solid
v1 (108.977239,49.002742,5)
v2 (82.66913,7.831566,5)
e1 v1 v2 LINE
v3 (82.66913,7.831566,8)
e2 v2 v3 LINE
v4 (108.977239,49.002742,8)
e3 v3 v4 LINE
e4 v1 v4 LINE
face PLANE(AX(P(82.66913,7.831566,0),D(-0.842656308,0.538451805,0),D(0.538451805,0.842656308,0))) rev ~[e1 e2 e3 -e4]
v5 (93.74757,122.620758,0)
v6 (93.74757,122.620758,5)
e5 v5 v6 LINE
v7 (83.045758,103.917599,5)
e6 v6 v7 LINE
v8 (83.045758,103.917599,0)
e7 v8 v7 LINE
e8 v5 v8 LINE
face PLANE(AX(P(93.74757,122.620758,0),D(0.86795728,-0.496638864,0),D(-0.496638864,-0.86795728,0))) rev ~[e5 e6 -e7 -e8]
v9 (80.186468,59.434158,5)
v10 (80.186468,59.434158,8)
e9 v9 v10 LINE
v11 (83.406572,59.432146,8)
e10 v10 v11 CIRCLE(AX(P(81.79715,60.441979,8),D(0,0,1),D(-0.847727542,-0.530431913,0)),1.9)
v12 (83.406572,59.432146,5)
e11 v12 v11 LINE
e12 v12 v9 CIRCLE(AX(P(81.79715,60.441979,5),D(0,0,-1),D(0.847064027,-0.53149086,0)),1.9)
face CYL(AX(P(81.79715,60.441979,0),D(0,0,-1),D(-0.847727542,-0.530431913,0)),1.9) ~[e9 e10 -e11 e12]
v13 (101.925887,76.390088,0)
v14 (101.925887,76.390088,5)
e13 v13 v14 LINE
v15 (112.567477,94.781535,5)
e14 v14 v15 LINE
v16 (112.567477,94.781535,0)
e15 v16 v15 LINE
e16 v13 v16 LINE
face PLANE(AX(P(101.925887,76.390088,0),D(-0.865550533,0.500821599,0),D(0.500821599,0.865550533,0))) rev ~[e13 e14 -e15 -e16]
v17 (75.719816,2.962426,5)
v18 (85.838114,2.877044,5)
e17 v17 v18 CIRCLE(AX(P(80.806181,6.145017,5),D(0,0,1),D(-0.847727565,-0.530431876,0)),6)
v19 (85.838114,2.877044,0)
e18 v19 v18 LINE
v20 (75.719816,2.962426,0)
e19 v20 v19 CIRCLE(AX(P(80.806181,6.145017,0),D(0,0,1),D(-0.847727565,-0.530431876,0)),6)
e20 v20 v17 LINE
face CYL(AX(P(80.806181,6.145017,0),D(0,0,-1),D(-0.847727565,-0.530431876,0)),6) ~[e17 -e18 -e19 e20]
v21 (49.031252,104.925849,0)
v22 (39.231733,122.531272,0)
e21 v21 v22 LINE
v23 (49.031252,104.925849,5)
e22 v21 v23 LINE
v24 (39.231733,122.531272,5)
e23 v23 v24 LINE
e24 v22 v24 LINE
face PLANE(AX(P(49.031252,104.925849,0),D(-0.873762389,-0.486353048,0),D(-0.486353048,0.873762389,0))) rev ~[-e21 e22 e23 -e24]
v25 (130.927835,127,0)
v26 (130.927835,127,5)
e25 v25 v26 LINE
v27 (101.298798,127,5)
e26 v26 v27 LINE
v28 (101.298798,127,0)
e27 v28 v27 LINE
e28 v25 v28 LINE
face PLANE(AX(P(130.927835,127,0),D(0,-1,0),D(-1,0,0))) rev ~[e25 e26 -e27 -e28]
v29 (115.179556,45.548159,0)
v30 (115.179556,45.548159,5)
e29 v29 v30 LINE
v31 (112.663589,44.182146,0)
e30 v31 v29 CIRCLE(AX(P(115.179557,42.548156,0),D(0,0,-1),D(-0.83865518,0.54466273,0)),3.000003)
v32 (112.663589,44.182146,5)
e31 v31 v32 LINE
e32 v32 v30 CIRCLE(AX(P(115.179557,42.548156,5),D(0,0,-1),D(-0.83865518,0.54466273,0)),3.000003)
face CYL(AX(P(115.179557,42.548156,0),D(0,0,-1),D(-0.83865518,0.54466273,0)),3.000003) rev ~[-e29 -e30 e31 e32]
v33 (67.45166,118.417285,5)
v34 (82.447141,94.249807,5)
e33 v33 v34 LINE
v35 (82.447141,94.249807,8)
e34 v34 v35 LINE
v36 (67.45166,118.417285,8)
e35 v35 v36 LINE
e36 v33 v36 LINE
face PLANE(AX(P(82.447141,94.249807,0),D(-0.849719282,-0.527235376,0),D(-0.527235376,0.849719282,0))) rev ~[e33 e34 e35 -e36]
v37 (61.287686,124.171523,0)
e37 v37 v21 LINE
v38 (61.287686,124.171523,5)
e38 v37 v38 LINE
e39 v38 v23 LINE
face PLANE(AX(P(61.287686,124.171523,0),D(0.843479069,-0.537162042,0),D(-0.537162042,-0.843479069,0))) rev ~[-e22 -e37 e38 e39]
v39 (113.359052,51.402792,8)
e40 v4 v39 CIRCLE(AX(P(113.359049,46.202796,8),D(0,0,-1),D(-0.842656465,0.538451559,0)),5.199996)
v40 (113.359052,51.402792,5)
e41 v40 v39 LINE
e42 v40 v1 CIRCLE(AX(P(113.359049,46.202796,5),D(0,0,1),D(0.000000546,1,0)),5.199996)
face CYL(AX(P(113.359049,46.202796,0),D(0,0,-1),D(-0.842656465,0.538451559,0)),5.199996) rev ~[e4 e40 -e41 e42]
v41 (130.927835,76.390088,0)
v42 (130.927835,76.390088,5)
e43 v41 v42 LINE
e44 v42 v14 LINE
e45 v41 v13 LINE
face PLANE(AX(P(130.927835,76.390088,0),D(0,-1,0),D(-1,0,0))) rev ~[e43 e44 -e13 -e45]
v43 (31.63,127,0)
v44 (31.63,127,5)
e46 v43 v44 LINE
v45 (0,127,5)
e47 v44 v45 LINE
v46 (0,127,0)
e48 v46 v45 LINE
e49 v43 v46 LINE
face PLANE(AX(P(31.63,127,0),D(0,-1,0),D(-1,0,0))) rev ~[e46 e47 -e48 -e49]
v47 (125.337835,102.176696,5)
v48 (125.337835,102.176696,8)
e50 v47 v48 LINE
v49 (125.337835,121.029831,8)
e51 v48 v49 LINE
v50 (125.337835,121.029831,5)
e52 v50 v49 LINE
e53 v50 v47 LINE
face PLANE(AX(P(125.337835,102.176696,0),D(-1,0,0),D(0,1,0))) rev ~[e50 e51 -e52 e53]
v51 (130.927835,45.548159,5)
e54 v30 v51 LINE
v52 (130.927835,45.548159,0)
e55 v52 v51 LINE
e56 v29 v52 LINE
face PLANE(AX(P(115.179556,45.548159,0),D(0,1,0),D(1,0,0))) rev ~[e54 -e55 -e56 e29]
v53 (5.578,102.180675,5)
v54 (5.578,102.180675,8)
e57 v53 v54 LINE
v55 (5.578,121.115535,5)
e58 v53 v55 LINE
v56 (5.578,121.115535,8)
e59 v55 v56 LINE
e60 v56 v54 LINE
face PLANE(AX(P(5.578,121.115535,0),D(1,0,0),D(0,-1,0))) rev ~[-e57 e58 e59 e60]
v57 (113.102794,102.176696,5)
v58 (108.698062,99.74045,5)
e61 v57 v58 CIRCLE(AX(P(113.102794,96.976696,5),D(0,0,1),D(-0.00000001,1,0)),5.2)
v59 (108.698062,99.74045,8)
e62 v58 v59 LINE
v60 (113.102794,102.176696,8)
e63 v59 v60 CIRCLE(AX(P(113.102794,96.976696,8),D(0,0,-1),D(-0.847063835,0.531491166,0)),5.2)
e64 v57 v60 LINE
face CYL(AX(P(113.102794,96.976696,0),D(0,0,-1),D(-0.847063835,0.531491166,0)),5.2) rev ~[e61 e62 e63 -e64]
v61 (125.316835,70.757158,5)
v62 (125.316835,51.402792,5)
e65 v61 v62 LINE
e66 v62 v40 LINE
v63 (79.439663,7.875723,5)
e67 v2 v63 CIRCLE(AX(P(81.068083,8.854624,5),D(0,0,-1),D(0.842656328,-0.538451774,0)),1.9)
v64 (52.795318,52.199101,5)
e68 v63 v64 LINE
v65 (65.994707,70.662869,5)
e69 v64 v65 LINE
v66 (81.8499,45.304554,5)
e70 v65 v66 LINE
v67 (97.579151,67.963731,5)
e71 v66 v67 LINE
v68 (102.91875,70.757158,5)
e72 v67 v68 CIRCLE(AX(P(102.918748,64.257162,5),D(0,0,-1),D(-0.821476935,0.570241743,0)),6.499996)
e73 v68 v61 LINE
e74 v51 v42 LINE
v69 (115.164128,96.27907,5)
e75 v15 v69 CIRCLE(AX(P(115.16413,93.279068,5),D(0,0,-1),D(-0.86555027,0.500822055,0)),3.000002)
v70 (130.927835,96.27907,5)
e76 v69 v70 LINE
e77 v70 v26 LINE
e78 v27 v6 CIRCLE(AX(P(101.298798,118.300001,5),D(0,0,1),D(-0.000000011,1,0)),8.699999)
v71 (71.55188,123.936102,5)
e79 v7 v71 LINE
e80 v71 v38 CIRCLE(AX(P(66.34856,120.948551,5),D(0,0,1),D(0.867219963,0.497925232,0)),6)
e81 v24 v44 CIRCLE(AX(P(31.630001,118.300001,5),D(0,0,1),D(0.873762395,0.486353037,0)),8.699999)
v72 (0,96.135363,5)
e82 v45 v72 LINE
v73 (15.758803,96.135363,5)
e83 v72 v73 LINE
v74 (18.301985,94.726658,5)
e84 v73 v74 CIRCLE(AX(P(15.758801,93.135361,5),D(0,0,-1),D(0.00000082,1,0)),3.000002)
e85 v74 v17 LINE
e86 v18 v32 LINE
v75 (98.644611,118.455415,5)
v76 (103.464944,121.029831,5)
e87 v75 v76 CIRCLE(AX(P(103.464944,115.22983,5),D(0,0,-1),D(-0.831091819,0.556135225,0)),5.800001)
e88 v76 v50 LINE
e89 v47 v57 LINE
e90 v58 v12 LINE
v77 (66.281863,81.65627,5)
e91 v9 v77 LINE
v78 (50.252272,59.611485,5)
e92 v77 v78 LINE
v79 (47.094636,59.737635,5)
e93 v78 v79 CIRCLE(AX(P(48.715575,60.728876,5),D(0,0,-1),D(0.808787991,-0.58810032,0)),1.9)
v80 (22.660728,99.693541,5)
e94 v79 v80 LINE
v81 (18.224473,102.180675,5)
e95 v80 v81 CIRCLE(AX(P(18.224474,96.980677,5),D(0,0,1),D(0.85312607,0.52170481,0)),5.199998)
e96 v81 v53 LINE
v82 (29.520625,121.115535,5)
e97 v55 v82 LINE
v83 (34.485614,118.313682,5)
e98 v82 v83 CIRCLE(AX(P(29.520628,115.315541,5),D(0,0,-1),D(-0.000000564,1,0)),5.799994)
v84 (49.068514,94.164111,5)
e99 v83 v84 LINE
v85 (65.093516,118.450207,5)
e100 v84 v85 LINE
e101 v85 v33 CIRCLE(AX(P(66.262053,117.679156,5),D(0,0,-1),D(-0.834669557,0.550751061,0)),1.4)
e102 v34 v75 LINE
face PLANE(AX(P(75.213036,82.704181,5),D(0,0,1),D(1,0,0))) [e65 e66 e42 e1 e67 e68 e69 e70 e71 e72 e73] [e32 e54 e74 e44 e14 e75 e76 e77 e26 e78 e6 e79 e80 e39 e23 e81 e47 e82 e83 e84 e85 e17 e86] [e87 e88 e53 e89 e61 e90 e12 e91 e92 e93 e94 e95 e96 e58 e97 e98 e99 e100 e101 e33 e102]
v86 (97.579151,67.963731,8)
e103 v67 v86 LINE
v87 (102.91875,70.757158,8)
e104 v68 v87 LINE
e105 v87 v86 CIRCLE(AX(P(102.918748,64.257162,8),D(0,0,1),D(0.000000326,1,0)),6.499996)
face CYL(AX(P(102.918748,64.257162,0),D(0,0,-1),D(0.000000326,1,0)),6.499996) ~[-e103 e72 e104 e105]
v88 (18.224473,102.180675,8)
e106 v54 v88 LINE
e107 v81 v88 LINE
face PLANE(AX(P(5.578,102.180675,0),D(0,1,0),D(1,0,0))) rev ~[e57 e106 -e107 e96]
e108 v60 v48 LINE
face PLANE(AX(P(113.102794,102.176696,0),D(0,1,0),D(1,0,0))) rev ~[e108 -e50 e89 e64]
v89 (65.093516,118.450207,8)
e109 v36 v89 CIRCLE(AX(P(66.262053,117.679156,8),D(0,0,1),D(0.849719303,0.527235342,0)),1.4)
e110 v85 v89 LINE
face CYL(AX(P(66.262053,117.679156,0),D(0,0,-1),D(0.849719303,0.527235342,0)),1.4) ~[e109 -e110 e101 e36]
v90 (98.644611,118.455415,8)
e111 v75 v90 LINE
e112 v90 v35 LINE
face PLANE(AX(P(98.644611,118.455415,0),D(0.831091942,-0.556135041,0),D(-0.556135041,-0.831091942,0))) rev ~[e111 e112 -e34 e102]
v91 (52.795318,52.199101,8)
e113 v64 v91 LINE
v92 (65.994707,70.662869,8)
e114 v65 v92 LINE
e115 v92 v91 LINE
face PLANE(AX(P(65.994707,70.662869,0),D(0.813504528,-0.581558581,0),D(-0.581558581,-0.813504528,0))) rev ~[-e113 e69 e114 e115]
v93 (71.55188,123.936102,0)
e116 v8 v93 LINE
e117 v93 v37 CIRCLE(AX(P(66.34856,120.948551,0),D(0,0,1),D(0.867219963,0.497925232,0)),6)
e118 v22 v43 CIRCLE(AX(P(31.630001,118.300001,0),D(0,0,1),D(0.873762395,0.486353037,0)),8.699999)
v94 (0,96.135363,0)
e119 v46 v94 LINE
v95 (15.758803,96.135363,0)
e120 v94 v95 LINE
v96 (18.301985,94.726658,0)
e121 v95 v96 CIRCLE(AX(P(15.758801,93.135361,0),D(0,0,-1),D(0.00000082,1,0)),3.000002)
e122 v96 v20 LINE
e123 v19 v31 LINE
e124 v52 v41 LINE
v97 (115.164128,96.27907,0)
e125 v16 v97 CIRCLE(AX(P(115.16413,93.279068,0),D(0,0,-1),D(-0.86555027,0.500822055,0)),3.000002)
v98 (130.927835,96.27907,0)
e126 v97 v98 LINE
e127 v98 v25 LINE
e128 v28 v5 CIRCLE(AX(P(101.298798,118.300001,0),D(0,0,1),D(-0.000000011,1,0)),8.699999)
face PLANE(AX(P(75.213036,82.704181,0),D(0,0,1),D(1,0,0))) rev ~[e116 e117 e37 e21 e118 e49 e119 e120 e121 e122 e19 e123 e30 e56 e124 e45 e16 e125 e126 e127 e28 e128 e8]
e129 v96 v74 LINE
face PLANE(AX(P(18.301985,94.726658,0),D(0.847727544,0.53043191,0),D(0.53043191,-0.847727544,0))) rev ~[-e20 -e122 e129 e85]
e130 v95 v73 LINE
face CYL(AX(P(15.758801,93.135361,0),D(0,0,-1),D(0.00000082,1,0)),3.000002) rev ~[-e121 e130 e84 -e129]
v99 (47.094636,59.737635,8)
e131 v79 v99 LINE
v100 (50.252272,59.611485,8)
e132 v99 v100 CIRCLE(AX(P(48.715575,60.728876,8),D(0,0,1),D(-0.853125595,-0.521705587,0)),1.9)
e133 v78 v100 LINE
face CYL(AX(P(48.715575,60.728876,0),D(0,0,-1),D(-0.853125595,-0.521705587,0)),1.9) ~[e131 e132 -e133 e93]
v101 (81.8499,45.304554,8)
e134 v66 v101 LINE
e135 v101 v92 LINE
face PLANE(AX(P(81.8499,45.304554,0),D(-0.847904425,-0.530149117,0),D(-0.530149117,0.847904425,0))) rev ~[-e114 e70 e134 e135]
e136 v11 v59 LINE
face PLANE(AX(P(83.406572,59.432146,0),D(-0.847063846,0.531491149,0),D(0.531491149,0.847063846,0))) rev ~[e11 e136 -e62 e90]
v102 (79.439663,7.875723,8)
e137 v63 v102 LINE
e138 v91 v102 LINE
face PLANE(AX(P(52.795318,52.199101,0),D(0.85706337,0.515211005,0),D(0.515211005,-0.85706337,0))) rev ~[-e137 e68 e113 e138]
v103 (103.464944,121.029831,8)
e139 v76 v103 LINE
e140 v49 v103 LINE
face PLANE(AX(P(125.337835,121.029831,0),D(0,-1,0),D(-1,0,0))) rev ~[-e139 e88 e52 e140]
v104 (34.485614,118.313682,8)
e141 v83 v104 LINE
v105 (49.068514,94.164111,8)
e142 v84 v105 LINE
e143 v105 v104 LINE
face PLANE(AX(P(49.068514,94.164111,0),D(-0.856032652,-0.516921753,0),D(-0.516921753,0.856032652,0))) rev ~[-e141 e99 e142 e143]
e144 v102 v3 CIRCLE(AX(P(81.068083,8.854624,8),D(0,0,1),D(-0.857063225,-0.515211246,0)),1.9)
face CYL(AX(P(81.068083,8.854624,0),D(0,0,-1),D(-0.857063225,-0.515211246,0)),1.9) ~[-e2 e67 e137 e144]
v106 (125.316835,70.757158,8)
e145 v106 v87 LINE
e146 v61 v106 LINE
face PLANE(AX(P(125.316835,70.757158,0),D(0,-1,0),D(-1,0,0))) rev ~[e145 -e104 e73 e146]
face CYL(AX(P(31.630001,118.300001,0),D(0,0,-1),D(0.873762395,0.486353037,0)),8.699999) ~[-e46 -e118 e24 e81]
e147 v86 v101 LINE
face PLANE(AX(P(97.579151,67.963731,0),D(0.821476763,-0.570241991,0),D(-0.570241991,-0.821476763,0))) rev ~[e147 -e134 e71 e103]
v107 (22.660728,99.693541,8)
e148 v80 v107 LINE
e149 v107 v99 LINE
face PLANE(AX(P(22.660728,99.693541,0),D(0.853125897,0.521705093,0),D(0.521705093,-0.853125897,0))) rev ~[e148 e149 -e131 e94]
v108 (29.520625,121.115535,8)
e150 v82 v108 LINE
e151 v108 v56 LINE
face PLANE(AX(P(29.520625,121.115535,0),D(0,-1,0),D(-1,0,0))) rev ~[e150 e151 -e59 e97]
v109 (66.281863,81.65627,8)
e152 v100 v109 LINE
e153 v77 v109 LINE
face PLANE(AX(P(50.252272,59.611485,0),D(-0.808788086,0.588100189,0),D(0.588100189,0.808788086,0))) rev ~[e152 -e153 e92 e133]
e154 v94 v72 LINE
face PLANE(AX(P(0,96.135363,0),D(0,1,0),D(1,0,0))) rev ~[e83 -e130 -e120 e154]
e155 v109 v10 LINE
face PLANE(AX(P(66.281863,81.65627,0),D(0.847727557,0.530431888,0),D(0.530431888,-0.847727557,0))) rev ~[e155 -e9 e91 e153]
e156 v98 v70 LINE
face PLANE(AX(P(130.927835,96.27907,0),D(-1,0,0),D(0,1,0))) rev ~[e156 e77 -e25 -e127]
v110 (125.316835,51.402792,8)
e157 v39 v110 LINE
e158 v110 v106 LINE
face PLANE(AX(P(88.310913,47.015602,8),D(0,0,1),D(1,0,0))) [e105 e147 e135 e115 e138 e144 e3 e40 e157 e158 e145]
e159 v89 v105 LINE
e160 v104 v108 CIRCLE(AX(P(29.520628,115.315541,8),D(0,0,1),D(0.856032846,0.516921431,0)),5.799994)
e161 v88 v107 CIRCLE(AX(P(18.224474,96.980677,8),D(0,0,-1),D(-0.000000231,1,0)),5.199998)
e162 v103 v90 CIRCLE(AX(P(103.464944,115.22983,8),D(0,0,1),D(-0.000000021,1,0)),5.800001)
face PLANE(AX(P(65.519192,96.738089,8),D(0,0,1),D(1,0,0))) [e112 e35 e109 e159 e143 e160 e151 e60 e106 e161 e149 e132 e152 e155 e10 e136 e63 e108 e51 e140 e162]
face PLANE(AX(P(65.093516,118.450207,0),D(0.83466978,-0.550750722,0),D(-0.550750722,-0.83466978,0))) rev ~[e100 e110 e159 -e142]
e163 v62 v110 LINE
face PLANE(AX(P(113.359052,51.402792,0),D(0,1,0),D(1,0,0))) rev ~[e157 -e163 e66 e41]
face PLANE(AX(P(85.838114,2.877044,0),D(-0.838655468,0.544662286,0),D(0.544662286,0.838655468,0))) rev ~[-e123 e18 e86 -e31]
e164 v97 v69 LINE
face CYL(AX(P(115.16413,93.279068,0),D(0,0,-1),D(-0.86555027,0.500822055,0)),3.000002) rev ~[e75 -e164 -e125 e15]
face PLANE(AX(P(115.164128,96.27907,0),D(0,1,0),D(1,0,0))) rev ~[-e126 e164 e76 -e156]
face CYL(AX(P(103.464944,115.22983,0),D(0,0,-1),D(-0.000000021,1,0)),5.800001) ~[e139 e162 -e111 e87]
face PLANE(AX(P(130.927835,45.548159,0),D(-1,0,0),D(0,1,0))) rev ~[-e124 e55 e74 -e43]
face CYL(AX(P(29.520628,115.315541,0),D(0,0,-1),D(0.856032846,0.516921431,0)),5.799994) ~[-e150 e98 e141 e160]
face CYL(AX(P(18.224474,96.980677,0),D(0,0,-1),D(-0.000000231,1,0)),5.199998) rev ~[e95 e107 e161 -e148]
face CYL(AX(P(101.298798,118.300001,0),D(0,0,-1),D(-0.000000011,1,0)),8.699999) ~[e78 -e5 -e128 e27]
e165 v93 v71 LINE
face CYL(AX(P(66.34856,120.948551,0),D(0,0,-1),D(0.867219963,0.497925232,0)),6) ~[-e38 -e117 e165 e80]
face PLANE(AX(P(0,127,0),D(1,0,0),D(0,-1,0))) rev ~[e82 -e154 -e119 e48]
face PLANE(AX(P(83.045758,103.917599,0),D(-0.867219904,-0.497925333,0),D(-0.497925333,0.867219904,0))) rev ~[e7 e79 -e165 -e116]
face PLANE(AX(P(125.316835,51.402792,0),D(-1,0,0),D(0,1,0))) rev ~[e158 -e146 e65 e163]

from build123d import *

# Parameters (mm, degrees)
F1_DEPTH = 5
F2_DEPTH = 8


with BuildPart() as f1:
    # F0 (on Top) → F1 (new body)
    with BuildSketch(Plane.XY):
        with BuildLine():
            Line((130.927835, 96.27907), (130.927835, 127))
            Line((130.927835, 127), (101.298798, 127))
            ThreePointArc((101.298798, 127), (96.934202, 125.825975), (93.74757, 122.620758))
            Line((93.74757, 122.620758), (83.045758, 103.917599))
            Line((83.045758, 103.917599), (71.55188, 123.936102))
            ThreePointArc((71.55188, 123.936102), (66.486141, 126.946973), (61.287686, 124.171523))
            Line((61.287686, 124.171523), (49.031252, 104.925849))
            Line((49.031252, 104.925849), (39.231733, 122.531272))
            ThreePointArc((39.231733, 122.531272), (36.038965, 125.800069), (31.63, 127))
            Line((31.63, 127), (0, 127))
            Line((0, 127), (0, 96.135363))
            Line((0, 96.135363), (15.758803, 96.135363))
            ThreePointArc((15.758803, 96.135363), (17.212438, 95.759661), (18.301985, 94.726658))
            Line((18.301985, 94.726658), (75.719816, 2.962426))
            ThreePointArc((75.719816, 2.962426), (80.755553, 0.145231), (85.838114, 2.877044))
            Line((85.838114, 2.877044), (112.663589, 44.182146))
            ThreePointArc((112.663589, 44.182146), (113.748116, 45.18463), (115.179556, 45.548159))
            Line((115.179556, 45.548159), (130.927835, 45.548159))
            Line((130.927835, 45.548159), (130.927835, 76.390088))
            Line((130.927835, 76.390088), (101.925887, 76.390088))
            Line((101.925887, 76.390088), (112.567477, 94.781535))
            ThreePointArc((112.567477, 94.781535), (113.665361, 95.877857), (115.164128, 96.27907))
            Line((115.164128, 96.27907), (130.927835, 96.27907))
        make_face()
        with BuildLine():
            Line((125.316835, 70.757158), (125.316835, 51.402792))
            Line((125.316835, 51.402792), (113.359052, 51.402792))
            ThreePointArc((113.359052, 51.402792), (110.861026, 50.76348), (108.977239, 49.002742))
            Line((108.977239, 49.002742), (82.66913, 7.831566))
            ThreePointArc((82.66913, 7.831566), (81.042106, 6.954802), (79.439663, 7.875723))
            Line((79.439663, 7.875723), (52.795318, 52.199101))
            Line((52.795318, 52.199101), (65.994707, 70.662869))
            Line((65.994707, 70.662869), (81.8499, 45.304554))
            Line((81.8499, 45.304554), (97.579151, 67.963731))
            ThreePointArc((97.579151, 67.963731), (99.905672, 70.016617), (102.91875, 70.757158))
            Line((102.91875, 70.757158), (125.316835, 70.757158))
        make_face(mode=Mode.SUBTRACT)
        with BuildLine():
            Line((5.578, 102.180675), (5.578, 121.115535))
            Line((5.578, 121.115535), (29.520625, 121.115535))
            ThreePointArc((29.520625, 121.115535), (32.37113, 120.366736), (34.485614, 118.313682))
            Line((34.485614, 118.313682), (49.068514, 94.164111))
            Line((49.068514, 94.164111), (65.093516, 118.450207))
            ThreePointArc((65.093516, 118.450207), (66.281596, 119.079019), (67.45166, 118.417285))
            Line((67.45166, 118.417285), (82.447141, 94.249807))
            Line((82.447141, 94.249807), (98.644611, 118.455415))
            ThreePointArc((98.644611, 118.455415), (100.732581, 120.345903), (103.464944, 121.029831))
            Line((103.464944, 121.029831), (125.337835, 121.029831))
            Line((125.337835, 121.029831), (125.337835, 102.176696))
            Line((125.337835, 102.176696), (113.102794, 102.176696))
            ThreePointArc((113.102794, 102.176696), (110.586002, 101.527054), (108.698062, 99.74045))
            Line((108.698062, 99.74045), (83.406572, 59.432146))
            ThreePointArc((83.406572, 59.432146), (81.795963, 58.541979), (80.186468, 59.434158))
            Line((80.186468, 59.434158), (66.281863, 81.65627))
            Line((66.281863, 81.65627), (50.252272, 59.611485))
            ThreePointArc((50.252272, 59.611485), (48.639729, 58.83039), (47.094636, 59.737635))
            Line((47.094636, 59.737635), (22.660728, 99.693541))
            ThreePointArc((22.660728, 99.693541), (20.767414, 101.516472), (18.224473, 102.180675))
            Line((18.224473, 102.180675), (5.578, 102.180675))
        make_face(mode=Mode.SUBTRACT)
    extrude(amount=F1_DEPTH)

    # F0 (on Top) → F2 (join)
    with BuildSketch(Plane.XY):
        with BuildLine():
            Line((29.520625, 121.115535), (5.578, 121.115535))
            Line((5.578, 121.115535), (5.578, 102.180675))
            Line((5.578, 102.180675), (18.224473, 102.180675))
            ThreePointArc((18.224473, 102.180675), (20.767414, 101.516472), (22.660728, 99.693541))
            Line((22.660728, 99.693541), (47.094636, 59.737635))
            ThreePointArc((47.094636, 59.737635), (48.639729, 58.83039), (50.252272, 59.611485))
            Line((50.252272, 59.611485), (66.281863, 81.65627))
            Line((66.281863, 81.65627), (80.186468, 59.434158))
            ThreePointArc((80.186468, 59.434158), (81.795963, 58.541979), (83.406572, 59.432146))
            Line((83.406572, 59.432146), (108.698062, 99.74045))
            ThreePointArc((108.698062, 99.74045), (110.586002, 101.527054), (113.102794, 102.176696))
            Line((113.102794, 102.176696), (125.337835, 102.176696))
            Line((125.337835, 102.176696), (125.337835, 121.029831))
            Line((125.337835, 121.029831), (103.464944, 121.029831))
            ThreePointArc((103.464944, 121.029831), (100.732581, 120.345903), (98.644611, 118.455415))
            Line((98.644611, 118.455415), (82.447141, 94.249807))
            Line((82.447141, 94.249807), (67.45166, 118.417285))
            ThreePointArc((67.45166, 118.417285), (66.281596, 119.079019), (65.093516, 118.450207))
            Line((65.093516, 118.450207), (49.068514, 94.164111))
            Line((49.068514, 94.164111), (34.485614, 118.313682))
            ThreePointArc((34.485614, 118.313682), (32.37113, 120.366736), (29.520625, 121.115535))
        make_face()
        with BuildLine():
            Line((113.359052, 51.402792), (125.316835, 51.402792))
            Line((125.316835, 51.402792), (125.316835, 70.757158))
            Line((125.316835, 70.757158), (102.91875, 70.757158))
            ThreePointArc((102.91875, 70.757158), (99.905672, 70.016617), (97.579151, 67.963731))
            Line((97.579151, 67.963731), (81.8499, 45.304554))
            Line((81.8499, 45.304554), (65.994707, 70.662869))
            Line((65.994707, 70.662869), (52.795318, 52.199101))
            Line((52.795318, 52.199101), (79.439663, 7.875723))
            ThreePointArc((79.439663, 7.875723), (81.042106, 6.954802), (82.66913, 7.831566))
            Line((82.66913, 7.831566), (108.977239, 49.002742))
            ThreePointArc((108.977239, 49.002742), (110.861026, 50.76348), (113.359052, 51.402792))
        make_face()
    extrude(amount=F2_DEPTH)


solid = f1.part
